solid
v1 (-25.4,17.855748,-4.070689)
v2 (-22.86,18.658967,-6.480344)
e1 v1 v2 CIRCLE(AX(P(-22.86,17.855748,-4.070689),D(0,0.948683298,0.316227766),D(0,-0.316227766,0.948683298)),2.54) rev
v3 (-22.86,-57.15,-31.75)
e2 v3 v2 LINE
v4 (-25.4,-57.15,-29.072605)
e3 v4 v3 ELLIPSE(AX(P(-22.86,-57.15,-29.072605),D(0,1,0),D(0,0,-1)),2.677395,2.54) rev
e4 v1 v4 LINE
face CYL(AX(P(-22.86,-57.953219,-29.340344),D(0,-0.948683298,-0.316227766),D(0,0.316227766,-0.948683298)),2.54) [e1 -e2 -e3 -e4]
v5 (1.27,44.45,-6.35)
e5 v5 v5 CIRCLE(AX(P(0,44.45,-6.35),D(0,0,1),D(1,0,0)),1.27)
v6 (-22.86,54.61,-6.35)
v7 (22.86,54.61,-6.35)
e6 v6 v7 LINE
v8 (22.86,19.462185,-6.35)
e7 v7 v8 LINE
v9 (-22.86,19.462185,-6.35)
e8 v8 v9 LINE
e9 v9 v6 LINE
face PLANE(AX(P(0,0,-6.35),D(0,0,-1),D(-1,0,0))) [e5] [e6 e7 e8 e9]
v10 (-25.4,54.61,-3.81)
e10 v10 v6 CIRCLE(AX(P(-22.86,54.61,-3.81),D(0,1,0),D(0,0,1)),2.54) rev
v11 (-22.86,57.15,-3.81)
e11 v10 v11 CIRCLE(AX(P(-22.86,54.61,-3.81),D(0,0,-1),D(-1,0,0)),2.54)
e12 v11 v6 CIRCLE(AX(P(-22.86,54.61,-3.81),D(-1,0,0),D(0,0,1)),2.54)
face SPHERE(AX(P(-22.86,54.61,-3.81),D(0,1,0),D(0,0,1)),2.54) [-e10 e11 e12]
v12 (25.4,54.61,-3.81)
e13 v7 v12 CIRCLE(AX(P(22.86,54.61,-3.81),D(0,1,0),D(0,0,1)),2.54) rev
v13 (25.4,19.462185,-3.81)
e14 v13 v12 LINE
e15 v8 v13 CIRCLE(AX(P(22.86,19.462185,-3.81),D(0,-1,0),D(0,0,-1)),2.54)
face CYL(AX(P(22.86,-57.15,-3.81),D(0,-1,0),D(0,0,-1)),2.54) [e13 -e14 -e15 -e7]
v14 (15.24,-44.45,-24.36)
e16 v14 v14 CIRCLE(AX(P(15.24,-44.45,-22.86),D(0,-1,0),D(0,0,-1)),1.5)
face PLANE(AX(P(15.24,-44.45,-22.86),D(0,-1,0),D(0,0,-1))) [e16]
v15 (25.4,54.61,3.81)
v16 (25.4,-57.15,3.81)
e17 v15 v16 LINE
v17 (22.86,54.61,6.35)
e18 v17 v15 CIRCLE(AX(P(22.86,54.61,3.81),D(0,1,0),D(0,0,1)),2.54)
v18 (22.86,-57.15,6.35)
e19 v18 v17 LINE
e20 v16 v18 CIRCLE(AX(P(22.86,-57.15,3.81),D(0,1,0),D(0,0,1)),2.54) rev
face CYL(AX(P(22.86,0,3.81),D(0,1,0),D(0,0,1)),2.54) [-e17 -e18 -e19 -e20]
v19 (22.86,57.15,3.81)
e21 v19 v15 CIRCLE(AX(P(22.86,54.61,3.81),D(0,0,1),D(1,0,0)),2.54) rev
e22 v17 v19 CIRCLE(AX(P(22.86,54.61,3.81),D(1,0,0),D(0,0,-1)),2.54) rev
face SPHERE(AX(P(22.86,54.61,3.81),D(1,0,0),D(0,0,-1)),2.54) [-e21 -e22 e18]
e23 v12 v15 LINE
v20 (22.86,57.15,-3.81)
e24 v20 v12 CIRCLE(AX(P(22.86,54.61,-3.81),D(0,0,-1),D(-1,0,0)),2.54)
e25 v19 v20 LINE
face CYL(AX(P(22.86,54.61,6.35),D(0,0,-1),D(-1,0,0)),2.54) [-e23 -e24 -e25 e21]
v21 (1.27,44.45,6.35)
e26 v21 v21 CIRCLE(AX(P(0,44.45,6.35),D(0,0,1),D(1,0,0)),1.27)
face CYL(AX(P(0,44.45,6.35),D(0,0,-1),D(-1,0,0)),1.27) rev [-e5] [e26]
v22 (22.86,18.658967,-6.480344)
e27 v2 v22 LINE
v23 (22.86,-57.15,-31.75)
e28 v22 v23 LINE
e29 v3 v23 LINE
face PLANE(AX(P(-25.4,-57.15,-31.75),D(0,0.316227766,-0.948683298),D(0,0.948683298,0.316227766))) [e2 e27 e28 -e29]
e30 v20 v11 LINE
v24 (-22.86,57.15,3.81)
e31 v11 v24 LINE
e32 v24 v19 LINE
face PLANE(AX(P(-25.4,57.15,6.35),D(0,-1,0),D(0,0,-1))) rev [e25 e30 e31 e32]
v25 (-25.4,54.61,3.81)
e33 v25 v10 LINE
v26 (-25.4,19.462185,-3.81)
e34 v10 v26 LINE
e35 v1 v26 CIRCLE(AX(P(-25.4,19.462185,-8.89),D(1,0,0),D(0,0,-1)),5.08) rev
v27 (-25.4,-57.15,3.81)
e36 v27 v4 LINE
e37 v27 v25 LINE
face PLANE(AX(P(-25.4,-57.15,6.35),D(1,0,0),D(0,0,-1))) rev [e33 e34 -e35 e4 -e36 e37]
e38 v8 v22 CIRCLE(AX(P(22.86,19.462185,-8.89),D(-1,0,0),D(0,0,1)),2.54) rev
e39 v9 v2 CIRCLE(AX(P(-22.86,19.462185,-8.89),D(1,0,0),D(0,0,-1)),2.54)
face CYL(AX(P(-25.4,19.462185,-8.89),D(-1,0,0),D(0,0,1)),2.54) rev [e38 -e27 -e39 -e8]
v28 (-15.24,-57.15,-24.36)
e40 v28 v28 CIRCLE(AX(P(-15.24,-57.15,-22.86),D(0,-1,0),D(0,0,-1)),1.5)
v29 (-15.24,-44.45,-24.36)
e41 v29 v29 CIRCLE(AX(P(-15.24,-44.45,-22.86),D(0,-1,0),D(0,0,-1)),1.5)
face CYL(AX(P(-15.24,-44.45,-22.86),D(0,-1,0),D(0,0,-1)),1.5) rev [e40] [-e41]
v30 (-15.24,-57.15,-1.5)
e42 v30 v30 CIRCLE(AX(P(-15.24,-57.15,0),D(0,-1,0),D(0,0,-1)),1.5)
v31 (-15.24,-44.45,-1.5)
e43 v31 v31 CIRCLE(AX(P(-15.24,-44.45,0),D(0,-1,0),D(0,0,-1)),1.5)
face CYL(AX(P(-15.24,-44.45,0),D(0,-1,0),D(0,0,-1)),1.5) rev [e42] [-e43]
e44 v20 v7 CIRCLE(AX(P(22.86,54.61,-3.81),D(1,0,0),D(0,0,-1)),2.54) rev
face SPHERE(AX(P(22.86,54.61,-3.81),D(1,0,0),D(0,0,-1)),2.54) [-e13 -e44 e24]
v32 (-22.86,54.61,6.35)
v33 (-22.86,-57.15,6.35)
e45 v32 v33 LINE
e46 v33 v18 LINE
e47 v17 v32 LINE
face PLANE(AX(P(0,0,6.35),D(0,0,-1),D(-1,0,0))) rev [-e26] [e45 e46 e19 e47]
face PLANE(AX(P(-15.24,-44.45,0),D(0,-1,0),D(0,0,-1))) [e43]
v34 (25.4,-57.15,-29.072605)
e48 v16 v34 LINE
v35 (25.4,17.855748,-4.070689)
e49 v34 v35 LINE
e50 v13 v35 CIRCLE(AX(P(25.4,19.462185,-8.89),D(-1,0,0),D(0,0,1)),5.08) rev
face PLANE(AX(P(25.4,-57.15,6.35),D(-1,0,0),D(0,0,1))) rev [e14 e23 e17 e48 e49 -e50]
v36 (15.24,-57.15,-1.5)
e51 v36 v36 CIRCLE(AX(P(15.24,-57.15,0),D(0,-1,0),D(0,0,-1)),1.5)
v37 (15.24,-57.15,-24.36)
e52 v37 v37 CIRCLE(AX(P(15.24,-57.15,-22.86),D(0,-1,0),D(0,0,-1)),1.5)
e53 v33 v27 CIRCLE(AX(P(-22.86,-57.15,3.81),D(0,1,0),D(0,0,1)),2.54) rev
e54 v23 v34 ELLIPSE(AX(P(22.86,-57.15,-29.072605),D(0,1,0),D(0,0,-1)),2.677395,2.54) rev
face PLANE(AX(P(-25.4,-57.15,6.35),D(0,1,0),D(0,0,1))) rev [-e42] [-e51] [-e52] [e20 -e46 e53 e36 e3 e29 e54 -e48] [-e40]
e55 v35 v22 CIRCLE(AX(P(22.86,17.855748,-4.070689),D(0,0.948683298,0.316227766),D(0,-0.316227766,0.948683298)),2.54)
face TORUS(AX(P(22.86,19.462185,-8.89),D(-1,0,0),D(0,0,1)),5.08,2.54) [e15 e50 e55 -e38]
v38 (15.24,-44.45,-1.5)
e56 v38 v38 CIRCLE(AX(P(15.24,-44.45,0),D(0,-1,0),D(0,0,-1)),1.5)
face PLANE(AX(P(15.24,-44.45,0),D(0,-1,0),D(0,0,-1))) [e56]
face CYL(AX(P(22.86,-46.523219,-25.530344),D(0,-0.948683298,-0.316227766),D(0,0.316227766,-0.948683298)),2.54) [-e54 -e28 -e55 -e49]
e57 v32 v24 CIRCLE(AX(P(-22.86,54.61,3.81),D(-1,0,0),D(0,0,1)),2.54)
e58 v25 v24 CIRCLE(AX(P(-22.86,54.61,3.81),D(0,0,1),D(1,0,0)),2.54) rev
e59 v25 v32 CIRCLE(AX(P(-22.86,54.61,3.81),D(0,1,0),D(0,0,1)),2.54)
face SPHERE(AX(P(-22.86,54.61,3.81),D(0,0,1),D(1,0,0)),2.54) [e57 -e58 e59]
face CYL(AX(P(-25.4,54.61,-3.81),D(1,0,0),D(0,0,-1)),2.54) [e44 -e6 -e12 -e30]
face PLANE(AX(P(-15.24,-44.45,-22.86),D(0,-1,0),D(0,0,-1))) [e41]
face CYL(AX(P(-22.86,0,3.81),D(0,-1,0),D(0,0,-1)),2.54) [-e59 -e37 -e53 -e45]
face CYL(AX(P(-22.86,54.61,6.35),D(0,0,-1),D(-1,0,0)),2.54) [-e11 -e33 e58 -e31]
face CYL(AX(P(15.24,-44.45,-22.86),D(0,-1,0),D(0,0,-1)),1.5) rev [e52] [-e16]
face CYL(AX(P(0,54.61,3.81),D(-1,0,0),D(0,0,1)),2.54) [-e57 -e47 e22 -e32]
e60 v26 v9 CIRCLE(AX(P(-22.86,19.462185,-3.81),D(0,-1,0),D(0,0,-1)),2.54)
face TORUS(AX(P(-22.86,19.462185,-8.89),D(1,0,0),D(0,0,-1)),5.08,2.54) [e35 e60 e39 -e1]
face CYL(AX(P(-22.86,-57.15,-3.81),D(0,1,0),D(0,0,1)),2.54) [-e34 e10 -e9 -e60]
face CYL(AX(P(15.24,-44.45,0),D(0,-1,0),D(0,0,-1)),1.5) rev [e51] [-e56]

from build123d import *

# Parameters (mm, degrees)
SKETCH1_W           = 50.8
SKETCH1_H           = 114.3
SKETCH1_R           = 1.27
BOSS_EXTRUDE1_DEPTH = 6.35
BOSS_EXTRUDE2_DEPTH = 50.8
SKETCH2_R           = 1.5
CUT_EXTRUDE1_DEPTH  = 12.7
FILLET1_R           = 2.54


with BuildPart() as part:
    # Sketch1 → Boss-Extrude1 (new, symmetric)
    with BuildSketch(Plane.XY):
        Rectangle(SKETCH1_W, SKETCH1_H)
        with Locations((0, 44.45)):
            Circle(SKETCH1_R, mode=Mode.SUBTRACT)
    extrude(amount=BOSS_EXTRUDE1_DEPTH, both=True)

    # Sketch3 → Boss-Extrude2 (add, through all)
    with BuildSketch(Plane(origin=(25.4, 0, 0), x_dir=(0, 0, -1), z_dir=(1, 0, 0))):
        Polygon((6.35, -57.15), (31.75, -57.15), (6.35, 19.05), align=None)
    extrude(amount=-BOSS_EXTRUDE2_DEPTH)

    # Sketch2 → Cut-Extrude1 (cut)
    with BuildSketch(Plane.XZ.offset(57.15)):
        with Locations(Location((-15.24, 0, 0), (0, 0, 270))):
            Circle(SKETCH2_R)
        with Locations(Location((15.24, 0, 0), (0, 0, 270))):
            Circle(SKETCH2_R)
        with Locations(Location((-15.24, -22.86, 0), (0, 0, 270))):
            Circle(SKETCH2_R)
        with Locations(Location((15.24, -22.86, 0), (0, 0, 270))):
            Circle(SKETCH2_R)
    extrude(amount=-CUT_EXTRUDE1_DEPTH, mode=Mode.SUBTRACT)

    # Fillet1
    fillet1_edges = [part.edges().sort_by_distance(p)[0] for p in [
        (-25.4, 0, 6.35),
        (25.4, 38.1, -6.35),
        (-25.4, -19.05, -19.05),
        (0, 19.05, -6.35),
        (25.4, -19.05, -19.05),
        (25.4, 0, 6.35),
        (-25.4, 38.1, -6.35),
        (0, 57.15, -6.35),
        (-25.4, 57.15, 0),
        (25.4, 57.15, 0),
        (0, 57.15, 6.35),
    ]]
    fillet(fillet1_edges, radius=FILLET1_R)


solid = part.part
